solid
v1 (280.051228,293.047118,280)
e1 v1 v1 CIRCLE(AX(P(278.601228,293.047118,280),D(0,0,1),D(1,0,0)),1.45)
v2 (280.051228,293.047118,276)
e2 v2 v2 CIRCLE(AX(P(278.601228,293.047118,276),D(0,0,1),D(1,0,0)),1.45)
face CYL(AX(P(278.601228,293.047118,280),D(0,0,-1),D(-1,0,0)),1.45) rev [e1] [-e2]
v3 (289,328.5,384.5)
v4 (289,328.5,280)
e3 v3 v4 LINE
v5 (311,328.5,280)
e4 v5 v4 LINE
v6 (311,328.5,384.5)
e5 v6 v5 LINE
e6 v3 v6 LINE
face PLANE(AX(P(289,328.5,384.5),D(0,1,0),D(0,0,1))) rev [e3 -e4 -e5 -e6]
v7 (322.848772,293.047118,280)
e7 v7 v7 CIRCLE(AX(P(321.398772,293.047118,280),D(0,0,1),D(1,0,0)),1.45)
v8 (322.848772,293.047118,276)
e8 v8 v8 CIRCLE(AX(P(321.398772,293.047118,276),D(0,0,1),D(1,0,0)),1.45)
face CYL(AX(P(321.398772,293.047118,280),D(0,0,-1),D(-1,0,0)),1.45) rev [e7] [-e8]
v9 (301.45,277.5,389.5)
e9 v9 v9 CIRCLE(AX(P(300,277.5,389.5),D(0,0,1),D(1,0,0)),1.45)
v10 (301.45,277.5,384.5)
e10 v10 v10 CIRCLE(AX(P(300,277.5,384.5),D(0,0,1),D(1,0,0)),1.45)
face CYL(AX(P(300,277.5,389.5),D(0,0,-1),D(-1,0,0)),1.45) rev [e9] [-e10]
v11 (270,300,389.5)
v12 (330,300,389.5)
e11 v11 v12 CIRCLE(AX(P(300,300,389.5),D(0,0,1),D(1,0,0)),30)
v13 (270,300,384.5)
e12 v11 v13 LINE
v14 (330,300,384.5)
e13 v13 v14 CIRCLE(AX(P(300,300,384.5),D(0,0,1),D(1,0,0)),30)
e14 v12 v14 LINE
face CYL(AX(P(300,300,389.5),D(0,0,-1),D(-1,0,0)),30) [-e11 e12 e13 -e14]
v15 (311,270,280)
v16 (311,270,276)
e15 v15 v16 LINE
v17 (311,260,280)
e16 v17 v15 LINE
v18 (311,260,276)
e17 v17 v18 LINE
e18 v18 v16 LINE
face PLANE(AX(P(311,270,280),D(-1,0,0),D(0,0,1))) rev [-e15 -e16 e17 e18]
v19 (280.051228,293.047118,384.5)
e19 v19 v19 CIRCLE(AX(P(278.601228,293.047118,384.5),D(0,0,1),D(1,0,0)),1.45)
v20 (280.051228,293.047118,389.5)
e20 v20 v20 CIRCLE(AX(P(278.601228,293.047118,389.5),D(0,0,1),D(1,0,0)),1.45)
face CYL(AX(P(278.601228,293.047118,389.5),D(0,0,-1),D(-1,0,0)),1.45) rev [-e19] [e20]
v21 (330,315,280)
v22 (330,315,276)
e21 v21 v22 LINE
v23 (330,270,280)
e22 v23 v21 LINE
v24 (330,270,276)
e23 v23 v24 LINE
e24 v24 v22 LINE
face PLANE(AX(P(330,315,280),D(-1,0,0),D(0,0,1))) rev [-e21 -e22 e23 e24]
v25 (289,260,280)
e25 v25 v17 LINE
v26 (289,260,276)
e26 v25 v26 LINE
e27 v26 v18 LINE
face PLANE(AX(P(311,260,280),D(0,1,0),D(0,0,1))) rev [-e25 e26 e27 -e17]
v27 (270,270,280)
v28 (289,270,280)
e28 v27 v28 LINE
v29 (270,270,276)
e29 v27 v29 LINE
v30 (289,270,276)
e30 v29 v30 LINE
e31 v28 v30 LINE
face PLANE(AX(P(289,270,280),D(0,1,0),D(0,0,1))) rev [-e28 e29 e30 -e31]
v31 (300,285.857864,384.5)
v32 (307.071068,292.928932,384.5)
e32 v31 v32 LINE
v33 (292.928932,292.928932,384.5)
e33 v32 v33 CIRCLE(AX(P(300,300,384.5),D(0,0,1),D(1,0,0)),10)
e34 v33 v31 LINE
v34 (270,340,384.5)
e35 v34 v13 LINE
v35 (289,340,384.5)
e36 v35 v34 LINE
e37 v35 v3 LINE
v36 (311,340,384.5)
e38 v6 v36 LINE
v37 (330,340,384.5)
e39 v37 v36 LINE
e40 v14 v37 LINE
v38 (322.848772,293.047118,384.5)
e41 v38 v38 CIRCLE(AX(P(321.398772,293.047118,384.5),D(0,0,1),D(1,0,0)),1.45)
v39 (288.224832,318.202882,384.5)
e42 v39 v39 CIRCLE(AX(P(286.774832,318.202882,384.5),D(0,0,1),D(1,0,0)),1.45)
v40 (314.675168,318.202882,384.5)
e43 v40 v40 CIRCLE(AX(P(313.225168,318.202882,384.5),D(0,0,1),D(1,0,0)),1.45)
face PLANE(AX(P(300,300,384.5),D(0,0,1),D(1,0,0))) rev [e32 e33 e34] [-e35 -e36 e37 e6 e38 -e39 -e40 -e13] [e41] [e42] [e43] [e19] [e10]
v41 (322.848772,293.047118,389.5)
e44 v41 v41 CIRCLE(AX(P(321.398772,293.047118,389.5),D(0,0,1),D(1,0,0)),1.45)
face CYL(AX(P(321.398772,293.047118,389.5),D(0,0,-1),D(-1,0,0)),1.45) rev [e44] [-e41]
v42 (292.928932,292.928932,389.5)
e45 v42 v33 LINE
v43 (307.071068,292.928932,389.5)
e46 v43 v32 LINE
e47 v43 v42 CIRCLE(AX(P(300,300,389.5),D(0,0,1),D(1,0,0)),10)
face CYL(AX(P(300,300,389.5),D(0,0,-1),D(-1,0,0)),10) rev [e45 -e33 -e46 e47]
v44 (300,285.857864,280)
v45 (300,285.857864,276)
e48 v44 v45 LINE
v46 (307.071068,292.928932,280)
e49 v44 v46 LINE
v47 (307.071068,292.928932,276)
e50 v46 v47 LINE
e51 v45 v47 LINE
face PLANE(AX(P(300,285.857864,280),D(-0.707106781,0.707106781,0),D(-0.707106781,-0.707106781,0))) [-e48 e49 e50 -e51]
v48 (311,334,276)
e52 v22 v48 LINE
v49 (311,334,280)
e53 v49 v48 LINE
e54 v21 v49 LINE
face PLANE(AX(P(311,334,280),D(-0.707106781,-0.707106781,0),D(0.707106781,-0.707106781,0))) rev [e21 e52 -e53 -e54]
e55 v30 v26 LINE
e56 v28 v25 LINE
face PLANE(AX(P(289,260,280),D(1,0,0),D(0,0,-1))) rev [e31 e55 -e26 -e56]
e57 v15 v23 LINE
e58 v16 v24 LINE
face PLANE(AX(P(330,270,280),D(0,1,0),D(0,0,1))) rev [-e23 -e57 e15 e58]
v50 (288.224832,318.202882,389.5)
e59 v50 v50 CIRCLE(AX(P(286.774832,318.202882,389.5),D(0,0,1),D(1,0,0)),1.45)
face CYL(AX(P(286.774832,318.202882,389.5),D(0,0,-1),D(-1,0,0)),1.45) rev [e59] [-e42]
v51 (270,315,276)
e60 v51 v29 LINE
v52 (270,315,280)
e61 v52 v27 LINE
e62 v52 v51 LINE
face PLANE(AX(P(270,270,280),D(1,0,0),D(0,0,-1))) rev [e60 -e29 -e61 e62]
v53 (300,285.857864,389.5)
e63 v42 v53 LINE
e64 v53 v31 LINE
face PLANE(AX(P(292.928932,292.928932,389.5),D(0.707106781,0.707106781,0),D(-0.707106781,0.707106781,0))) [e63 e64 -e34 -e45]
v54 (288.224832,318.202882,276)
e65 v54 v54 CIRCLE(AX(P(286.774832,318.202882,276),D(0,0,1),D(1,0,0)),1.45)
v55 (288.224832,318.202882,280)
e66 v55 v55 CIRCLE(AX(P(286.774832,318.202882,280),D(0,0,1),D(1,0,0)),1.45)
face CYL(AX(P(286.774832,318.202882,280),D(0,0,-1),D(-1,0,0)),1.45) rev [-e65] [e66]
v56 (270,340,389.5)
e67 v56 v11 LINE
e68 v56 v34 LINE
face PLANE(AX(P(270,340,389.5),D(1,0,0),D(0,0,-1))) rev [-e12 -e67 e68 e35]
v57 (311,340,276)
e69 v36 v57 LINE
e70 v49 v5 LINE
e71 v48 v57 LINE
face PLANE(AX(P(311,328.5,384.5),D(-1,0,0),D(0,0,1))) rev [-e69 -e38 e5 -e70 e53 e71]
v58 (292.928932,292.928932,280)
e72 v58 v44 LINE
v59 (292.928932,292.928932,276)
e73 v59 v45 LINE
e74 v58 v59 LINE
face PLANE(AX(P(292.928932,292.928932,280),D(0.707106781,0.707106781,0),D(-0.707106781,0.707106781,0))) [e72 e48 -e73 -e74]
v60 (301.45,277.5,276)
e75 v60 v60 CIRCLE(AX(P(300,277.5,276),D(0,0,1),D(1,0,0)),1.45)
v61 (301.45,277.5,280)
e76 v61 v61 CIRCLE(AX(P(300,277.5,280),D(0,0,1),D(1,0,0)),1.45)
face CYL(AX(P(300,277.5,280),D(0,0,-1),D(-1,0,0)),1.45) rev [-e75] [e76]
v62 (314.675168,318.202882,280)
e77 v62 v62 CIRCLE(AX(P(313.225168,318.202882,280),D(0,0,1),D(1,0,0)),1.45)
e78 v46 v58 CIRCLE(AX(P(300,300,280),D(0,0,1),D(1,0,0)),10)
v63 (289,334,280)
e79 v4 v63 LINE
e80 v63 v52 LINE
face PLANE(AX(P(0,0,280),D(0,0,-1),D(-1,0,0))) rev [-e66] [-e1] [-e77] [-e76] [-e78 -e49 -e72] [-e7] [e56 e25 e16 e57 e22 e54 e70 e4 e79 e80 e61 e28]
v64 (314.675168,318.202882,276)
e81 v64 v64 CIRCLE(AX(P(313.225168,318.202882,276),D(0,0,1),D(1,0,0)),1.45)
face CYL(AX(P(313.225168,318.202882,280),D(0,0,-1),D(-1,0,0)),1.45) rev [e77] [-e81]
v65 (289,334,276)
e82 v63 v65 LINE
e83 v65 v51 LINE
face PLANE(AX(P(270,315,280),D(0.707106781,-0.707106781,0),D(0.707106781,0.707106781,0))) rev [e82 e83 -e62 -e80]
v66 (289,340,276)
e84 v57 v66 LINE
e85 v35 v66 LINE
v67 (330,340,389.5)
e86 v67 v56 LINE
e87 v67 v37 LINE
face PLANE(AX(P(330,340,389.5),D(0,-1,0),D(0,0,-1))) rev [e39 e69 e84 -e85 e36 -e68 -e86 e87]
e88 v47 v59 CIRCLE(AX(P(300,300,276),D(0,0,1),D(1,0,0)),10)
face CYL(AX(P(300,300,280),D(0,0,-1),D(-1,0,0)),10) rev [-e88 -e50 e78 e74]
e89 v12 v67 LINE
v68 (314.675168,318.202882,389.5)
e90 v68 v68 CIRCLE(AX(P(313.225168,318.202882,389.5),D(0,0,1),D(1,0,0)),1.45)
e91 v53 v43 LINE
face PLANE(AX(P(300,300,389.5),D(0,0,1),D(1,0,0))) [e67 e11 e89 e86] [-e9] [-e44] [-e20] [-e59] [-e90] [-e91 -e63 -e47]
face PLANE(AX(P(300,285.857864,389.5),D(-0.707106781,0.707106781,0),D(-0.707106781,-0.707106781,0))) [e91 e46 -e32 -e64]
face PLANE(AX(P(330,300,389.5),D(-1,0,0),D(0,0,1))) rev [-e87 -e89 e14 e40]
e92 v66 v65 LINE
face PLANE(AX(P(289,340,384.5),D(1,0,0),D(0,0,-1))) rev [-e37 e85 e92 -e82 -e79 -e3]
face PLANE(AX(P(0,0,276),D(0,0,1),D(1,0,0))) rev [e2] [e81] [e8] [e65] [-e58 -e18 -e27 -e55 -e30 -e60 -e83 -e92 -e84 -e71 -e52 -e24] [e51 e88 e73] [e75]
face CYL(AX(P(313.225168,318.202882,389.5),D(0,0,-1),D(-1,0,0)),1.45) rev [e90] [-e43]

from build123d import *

# Parameters (mm, degrees)
SKETCH1_R           = 30
BOSS_EXTRUDE1_DEPTH = 5
SKETCH2_W           = 60
SKETCH2_H           = 40
BOSS_EXTRUDE2_DEPTH = 5
SKETCH3_R           = 1.45
CUT_EXTRUDE1_DEPTH  = 5
SKETCH4_R           = 1.45
BOSS_EXTRUDE3_DEPTH = 4
SKETCH5_W           = 22
SKETCH5_H           = 11.5
BOSS_EXTRUDE4_DEPTH = 108.5


with BuildPart() as part:
    # Sketch1 → Boss-Extrude1 (new body)
    with BuildSketch(Plane.XY.offset(384.5)):
        with Locations((300, 300)):
            Circle(SKETCH1_R)
    extrude(amount=BOSS_EXTRUDE1_DEPTH)

    # Sketch2 → Boss-Extrude2 (add)
    with BuildSketch(Plane.XY.offset(384.5)):
        with Locations((300, 320)):
            Rectangle(SKETCH2_W, SKETCH2_H)
    extrude(amount=BOSS_EXTRUDE2_DEPTH)

    # Sketch3 → Cut-Extrude1 (cut)
    with BuildSketch(Plane.XY.offset(384.5)):
        with Locations((286.774831823, 318.202882373)):
            Circle(SKETCH3_R)
        with Locations((278.601228383, 293.047117627)):
            Circle(SKETCH3_R)
        with Locations((300, 277.5)):
            Circle(SKETCH3_R)
        with Locations((321.398771617, 293.047117627)):
            Circle(SKETCH3_R)
        with Locations((313.225168177, 318.202882373)):
            Circle(SKETCH3_R)
        with BuildLine():
            Line((292.928932188, 292.928932188), (300, 285.857864376))
            Line((300, 285.857864376), (307.071067812, 292.928932188))
            ThreePointArc((307.071067812, 292.928932188), (300, 310), (292.928932188, 292.928932188))
        make_face()
    extrude(amount=CUT_EXTRUDE1_DEPTH, mode=Mode.SUBTRACT)



with BuildPart() as body_2:
    # Sketch4 → Boss-Extrude3 (new body)
    with BuildSketch(Plane.XY.offset(276)):
        Polygon((289, 340), (311, 340), (311, 334), (330, 315), (330, 270), (311, 270), (311, 260), (289, 260), (289, 270), (270, 270), (270, 315), (289, 334), align=None)
        with Locations((286.774831823, 318.202882373)):
            Circle(SKETCH4_R, mode=Mode.SUBTRACT)
        with Locations((278.601228383, 293.047117627)):
            Circle(SKETCH4_R, mode=Mode.SUBTRACT)
        with Locations((300, 277.5)):
            Circle(SKETCH4_R, mode=Mode.SUBTRACT)
        with Locations((321.398771617, 293.047117627)):
            Circle(SKETCH4_R, mode=Mode.SUBTRACT)
        with Locations((313.225168177, 318.202882373)):
            Circle(SKETCH4_R, mode=Mode.SUBTRACT)
        with BuildLine():
            Line((292.928932188, 292.928932188), (300, 285.857864376))
            Line((300, 285.857864376), (307.071067812, 292.928932188))
            ThreePointArc((307.071067812, 292.928932188), (300, 310), (292.928932188, 292.928932188))
        make_face(mode=Mode.SUBTRACT)
    extrude(amount=BOSS_EXTRUDE3_DEPTH)


with BuildPart() as part_1:
    add(part.part)

    add(body_2.part)  # Boss-Extrude4 merges body 2
    # Sketch5 → Boss-Extrude4 (add)
    with BuildSketch(Plane.XY.offset(276)):
        with Locations((300, 334.25)):
            Rectangle(SKETCH5_W, SKETCH5_H)
    extrude(amount=BOSS_EXTRUDE4_DEPTH)


solid = part_1.part
